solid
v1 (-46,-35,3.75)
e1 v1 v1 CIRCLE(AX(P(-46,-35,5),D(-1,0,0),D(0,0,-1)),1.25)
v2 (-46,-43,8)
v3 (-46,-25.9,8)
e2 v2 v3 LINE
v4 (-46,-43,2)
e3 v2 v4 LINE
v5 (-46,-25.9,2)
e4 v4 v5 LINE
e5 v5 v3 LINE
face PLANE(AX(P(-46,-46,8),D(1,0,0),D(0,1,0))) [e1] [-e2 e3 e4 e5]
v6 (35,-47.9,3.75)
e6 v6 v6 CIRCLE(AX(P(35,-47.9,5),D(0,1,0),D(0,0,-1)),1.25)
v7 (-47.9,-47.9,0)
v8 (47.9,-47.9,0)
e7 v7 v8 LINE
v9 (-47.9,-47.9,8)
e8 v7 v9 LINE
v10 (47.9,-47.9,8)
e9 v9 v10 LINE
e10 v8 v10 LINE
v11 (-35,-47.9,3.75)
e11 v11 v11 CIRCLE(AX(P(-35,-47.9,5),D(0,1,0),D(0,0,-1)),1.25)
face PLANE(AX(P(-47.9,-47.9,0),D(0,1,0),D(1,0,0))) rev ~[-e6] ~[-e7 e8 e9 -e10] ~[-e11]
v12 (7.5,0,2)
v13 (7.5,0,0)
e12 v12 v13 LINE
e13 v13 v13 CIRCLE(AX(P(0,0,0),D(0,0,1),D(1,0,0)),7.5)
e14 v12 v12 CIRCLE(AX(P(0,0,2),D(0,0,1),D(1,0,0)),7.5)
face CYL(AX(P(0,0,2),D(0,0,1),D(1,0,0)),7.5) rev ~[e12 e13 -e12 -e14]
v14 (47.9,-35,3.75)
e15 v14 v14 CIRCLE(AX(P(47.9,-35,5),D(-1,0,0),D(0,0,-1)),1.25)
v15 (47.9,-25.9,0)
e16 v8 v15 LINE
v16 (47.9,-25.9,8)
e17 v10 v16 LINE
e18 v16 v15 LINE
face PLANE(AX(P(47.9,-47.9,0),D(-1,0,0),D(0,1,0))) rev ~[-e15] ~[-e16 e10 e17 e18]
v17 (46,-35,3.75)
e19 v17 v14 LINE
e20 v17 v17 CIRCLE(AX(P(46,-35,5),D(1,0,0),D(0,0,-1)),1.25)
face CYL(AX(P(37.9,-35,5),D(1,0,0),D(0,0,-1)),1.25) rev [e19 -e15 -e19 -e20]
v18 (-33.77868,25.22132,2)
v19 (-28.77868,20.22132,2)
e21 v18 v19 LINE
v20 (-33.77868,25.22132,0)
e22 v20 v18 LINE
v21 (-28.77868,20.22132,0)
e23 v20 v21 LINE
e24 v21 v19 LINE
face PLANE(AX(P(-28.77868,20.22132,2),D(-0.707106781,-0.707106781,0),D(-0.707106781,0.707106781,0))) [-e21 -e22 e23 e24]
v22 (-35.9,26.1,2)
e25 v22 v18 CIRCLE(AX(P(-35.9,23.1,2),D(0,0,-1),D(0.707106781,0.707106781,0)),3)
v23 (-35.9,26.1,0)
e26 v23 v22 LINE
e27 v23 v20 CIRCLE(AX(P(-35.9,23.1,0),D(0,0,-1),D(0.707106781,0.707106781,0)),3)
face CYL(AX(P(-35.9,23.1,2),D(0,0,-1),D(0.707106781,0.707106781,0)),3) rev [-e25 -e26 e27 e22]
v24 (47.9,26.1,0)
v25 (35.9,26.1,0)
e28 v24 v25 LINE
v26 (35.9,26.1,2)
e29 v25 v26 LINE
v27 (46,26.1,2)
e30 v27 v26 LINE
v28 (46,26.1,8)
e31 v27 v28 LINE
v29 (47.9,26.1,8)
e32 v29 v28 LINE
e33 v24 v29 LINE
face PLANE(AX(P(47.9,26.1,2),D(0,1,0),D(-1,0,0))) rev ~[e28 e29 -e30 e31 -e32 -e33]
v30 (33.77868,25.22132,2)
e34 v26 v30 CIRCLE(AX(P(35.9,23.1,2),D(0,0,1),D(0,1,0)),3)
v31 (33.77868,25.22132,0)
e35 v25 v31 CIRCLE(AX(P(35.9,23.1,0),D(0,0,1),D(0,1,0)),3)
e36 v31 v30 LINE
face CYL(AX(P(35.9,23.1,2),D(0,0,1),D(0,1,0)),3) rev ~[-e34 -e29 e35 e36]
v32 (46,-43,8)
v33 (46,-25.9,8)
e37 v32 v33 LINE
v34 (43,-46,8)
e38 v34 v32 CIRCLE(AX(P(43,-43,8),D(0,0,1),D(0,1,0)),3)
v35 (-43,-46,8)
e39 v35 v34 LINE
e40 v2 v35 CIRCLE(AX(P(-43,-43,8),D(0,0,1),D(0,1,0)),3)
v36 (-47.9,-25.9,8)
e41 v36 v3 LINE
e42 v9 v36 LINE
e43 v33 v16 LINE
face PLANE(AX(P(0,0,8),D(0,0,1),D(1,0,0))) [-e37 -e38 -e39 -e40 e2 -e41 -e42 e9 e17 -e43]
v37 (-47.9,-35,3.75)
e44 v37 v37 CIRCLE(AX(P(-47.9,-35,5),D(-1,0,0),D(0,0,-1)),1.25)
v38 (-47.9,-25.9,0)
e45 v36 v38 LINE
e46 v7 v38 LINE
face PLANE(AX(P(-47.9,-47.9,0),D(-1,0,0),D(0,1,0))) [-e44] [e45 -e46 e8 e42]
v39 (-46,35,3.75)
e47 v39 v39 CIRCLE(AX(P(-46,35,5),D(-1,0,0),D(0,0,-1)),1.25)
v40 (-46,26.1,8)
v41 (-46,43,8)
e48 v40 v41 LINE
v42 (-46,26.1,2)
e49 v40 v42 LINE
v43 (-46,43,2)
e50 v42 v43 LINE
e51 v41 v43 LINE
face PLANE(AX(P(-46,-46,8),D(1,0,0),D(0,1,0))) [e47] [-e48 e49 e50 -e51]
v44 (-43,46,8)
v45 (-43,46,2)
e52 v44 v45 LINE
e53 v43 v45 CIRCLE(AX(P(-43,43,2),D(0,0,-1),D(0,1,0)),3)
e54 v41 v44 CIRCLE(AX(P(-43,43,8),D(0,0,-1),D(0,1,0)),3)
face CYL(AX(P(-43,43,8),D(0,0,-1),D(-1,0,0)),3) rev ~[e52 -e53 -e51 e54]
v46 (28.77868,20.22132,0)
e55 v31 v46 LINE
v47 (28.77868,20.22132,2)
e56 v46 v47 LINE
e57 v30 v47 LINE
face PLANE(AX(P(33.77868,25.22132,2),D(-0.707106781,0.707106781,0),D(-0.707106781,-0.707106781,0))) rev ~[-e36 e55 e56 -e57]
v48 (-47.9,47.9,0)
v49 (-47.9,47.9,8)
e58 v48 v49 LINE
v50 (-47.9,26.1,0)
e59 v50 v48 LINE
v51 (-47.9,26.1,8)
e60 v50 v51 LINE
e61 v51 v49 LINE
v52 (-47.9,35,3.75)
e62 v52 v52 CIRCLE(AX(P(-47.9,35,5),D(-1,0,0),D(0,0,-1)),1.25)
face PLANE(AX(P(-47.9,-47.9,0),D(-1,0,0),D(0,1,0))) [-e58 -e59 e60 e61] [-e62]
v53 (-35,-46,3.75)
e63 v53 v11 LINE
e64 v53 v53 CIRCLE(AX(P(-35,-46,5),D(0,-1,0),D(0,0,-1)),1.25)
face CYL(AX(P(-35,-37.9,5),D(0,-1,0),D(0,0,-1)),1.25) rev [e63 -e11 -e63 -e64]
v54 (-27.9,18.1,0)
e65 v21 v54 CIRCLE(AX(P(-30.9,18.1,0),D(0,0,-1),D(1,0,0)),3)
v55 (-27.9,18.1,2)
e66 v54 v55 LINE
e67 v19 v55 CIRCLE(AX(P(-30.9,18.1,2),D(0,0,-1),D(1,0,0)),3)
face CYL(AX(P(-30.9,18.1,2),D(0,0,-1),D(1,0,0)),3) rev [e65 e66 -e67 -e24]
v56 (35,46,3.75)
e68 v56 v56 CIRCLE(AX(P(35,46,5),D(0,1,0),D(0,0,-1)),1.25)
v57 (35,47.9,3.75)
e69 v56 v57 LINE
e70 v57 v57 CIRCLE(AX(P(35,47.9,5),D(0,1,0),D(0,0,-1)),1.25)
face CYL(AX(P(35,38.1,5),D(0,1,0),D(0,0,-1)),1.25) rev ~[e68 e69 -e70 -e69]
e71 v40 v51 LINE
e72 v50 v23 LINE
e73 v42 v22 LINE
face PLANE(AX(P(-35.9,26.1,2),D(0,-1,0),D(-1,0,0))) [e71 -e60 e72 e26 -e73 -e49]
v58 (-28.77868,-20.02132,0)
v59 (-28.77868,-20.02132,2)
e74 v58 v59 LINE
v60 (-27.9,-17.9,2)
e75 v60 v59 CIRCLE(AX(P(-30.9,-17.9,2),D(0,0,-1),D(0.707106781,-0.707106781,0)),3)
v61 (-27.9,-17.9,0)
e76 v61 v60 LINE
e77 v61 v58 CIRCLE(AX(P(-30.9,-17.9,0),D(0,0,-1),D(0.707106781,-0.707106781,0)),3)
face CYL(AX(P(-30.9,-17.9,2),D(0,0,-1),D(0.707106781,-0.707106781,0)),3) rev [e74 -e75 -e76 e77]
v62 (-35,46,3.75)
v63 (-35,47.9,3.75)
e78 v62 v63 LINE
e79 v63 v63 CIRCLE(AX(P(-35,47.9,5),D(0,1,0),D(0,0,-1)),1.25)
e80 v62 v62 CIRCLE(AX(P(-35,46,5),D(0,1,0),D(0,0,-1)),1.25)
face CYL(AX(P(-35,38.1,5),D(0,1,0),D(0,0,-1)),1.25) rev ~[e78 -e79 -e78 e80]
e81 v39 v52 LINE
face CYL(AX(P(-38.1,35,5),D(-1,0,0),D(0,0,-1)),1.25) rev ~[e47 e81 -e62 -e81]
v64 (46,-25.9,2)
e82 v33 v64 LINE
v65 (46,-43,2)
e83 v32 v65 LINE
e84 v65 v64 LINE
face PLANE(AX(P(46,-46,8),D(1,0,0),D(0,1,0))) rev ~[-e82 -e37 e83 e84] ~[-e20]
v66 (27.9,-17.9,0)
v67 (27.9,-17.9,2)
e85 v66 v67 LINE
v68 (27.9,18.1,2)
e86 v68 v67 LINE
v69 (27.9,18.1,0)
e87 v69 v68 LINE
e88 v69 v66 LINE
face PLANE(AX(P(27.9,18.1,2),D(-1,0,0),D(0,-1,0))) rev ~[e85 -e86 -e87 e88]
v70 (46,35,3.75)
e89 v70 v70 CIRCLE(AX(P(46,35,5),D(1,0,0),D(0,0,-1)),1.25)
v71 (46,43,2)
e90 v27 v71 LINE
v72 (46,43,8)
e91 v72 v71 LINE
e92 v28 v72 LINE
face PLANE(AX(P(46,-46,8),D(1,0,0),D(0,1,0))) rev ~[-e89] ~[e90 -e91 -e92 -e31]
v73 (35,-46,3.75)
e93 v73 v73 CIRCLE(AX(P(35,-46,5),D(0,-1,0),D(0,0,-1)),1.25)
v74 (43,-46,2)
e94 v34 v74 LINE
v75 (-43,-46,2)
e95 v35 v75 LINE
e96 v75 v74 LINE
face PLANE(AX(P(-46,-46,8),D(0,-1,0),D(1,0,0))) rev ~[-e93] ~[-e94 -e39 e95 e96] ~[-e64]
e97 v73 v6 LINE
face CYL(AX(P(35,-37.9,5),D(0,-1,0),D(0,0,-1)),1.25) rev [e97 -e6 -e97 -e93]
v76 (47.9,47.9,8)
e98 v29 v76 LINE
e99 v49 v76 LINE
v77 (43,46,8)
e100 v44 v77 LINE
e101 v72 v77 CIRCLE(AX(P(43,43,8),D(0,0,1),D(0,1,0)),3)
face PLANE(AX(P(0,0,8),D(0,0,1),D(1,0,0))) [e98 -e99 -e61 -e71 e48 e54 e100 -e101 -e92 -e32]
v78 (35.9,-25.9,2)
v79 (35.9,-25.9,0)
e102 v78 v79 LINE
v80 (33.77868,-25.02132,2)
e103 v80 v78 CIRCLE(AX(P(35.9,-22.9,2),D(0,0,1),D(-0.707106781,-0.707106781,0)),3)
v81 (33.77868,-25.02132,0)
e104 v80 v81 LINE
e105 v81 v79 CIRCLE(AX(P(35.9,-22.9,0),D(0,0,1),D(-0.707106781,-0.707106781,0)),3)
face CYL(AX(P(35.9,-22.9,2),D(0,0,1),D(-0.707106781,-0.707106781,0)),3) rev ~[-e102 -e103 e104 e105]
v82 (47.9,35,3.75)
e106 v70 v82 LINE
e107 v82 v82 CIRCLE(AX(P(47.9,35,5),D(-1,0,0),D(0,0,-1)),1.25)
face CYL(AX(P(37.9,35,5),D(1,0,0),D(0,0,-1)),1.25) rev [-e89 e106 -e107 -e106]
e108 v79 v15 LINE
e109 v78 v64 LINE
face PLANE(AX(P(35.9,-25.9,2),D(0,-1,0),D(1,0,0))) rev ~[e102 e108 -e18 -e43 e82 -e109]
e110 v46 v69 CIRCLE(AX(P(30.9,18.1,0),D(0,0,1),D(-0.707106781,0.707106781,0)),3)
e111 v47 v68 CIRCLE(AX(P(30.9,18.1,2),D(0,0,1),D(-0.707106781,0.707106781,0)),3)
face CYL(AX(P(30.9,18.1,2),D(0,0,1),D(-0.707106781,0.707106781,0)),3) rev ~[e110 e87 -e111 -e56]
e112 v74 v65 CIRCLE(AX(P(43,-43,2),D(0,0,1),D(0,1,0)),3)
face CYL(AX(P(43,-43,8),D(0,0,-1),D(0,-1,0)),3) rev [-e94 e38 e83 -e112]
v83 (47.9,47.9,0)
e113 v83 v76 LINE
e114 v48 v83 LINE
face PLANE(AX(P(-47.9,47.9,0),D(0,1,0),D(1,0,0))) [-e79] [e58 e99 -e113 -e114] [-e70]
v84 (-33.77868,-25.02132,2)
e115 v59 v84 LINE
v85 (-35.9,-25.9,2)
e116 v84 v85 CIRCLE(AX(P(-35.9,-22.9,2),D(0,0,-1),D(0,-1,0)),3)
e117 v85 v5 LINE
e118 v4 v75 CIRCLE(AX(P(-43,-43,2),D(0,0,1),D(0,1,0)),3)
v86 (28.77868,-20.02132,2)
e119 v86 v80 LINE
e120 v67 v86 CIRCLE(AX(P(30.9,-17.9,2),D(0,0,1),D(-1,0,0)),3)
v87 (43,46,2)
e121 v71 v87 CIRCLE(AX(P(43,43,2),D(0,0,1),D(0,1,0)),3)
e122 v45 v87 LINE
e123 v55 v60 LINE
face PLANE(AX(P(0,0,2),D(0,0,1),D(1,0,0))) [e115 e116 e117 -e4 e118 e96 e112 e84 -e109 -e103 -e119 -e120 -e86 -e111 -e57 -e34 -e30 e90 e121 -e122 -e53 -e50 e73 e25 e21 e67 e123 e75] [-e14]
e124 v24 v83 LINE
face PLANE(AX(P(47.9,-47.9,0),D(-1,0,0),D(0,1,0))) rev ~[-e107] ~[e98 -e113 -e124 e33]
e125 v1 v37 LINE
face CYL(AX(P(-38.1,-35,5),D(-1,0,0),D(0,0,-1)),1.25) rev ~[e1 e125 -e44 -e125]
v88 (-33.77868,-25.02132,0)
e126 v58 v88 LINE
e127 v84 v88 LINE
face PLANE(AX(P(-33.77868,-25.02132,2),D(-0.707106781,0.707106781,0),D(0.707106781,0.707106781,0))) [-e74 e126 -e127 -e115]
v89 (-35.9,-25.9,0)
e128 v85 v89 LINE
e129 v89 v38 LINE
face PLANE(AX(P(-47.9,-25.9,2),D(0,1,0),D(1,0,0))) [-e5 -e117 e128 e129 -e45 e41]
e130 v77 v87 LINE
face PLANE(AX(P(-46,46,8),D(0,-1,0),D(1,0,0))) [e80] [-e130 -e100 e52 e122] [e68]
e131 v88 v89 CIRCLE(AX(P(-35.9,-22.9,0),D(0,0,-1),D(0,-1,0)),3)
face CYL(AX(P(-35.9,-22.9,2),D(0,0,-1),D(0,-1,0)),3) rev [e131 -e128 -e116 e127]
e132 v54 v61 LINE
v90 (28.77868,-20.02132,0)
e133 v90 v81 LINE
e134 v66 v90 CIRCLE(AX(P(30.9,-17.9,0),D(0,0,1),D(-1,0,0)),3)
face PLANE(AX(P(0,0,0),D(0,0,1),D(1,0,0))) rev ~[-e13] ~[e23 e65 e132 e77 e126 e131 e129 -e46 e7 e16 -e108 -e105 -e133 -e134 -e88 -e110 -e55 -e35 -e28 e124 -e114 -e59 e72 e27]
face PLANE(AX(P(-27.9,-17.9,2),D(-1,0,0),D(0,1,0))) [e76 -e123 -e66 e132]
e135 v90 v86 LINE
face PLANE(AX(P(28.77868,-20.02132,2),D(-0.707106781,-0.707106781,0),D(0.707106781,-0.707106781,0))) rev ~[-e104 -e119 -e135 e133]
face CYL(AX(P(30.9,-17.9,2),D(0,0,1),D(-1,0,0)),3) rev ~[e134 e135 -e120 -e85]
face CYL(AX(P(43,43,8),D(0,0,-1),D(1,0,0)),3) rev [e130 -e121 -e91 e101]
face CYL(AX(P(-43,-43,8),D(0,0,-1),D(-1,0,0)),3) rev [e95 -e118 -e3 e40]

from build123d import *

# Parameters (mm, degrees)
SKETCH1_W                      = 95.8
SKETCH1_H                      = 95.8
BOSS_EXTRUDE1_DEPTH            = 8
SKETCH2_W                      = 92
SKETCH2_H                      = 92
COMPONENT_PLATFORM_DEPTH       = 6
CABLE_SLOTS_DEPTH              = 6
SKETCH4_R                      = 7.5
CENTER_MASS_CUT_DEPTH          = 6
INNER_CORNER_FILLETS_R         = 3
M3X0_5_TAPPED_HOLE1_AT_2_COUNT = 2
M3X0_5_TAPPED_HOLE1_AT_2_PITCH = 70
M3X0_5_TAPPED_HOLE2_AT_2_COUNT = 2
M3X0_5_TAPPED_HOLE2_AT_2_PITCH = 70


with BuildPart() as part:
    # Sketch1 → Boss-Extrude1 (new body)
    with BuildSketch(Plane.XY):
        Rectangle(SKETCH1_W, SKETCH1_H)
    extrude(amount=BOSS_EXTRUDE1_DEPTH)

    # Sketch2 → Component Platform (cut)
    with BuildSketch(Plane.XY.offset(8)):
        Rectangle(SKETCH2_W, SKETCH2_H)
    extrude(amount=-COMPONENT_PLATFORM_DEPTH, mode=Mode.SUBTRACT)

    # Sketch3 → Cable Slots (cut, symmetric)
    with BuildSketch(Plane.XY.offset(2)):
        with BuildLine():
            Line((-33.778679656, -25.021320344), (-28.778679656, -20.021320344))
            ThreePointArc((-28.778679656, -20.021320344), (-28.128361402, -19.048050297), (-27.9, -17.9))
            Line((-27.9, -17.9), (-27.9, 18.1))
            ThreePointArc((-27.9, 18.1), (-28.128361402, 19.248050297), (-28.778679656, 20.221320344))
            Line((-28.778679656, 20.221320344), (-33.778679656, 25.221320344))
            ThreePointArc((-33.778679656, 25.221320344), (-34.751949703, 25.871638598), (-35.9, 26.1))
            Line((-35.9, 26.1), (-47.9, 26.1))
            Line((-47.9, 26.1), (-47.9, -25.9))
            Line((-47.9, -25.9), (-35.9, -25.9))
            ThreePointArc((-35.9, -25.9), (-34.751949703, -25.671638598), (-33.778679656, -25.021320344))
        make_face()
        with BuildLine():
            Line((47.9, -25.9), (47.9, 26.1))
            Line((47.9, 26.1), (35.9, 26.1))
            ThreePointArc((35.9, 26.1), (34.751949703, 25.871638598), (33.778679656, 25.221320344))
            Line((33.778679656, 25.221320344), (28.778679656, 20.221320344))
            ThreePointArc((28.778679656, 20.221320344), (28.128361402, 19.248050297), (27.9, 18.1))
            Line((27.9, 18.1), (27.9, -17.9))
            ThreePointArc((27.9, -17.9), (28.128361402, -19.048050297), (28.778679656, -20.021320344))
            Line((28.778679656, -20.021320344), (33.778679656, -25.021320344))
            ThreePointArc((33.778679656, -25.021320344), (34.751949703, -25.671638598), (35.9, -25.9))
            Line((35.9, -25.9), (47.9, -25.9))
        make_face()
    extrude(amount=CABLE_SLOTS_DEPTH, both=True, mode=Mode.SUBTRACT)

    # Sketch4 → Center Mass Cut (cut)
    with BuildSketch(Plane.XY.offset(2)):
        Circle(SKETCH4_R)
    extrude(amount=-CENTER_MASS_CUT_DEPTH, mode=Mode.SUBTRACT)

    # Inner Corner Fillets
    inner_corner_fillets_edges = [part.edges().sort_by_distance(p)[0] for p in [
        (-46, -46, 5),
        (-46, 46, 5),
        (46, 46, 5),
        (46, -46, 5),
    ]]
    fillet(inner_corner_fillets_edges, radius=INNER_CORNER_FILLETS_R)

    # Sketch10 → M3x0.5 Tapped Hole1 (revolve, cut)
    with BuildSketch(Plane(origin=(47.9, -35, 5), x_dir=(0, 0, -1), z_dir=(0, 1, 0))):
        Polygon((0, 0), (0, 10.751075774), (1.25, 10), (1.25, 0), align=None)
    m3x0_5_tapped_hole1 = revolve(axis=Axis((54.25, -35, 5), (-1, 0, 0)), mode=Mode.SUBTRACT)

    # M3x0.5 Tapped Hole1 at 2: M3x0.5 Tapped Hole1 ×2
    with Locations(*[(0, i * M3X0_5_TAPPED_HOLE1_AT_2_PITCH, 0) for i in range(1, M3X0_5_TAPPED_HOLE1_AT_2_COUNT)]):
        add(m3x0_5_tapped_hole1, mode=Mode.SUBTRACT)

    # Sketch13 → M3x0.5 Tapped Hole2 (revolve, cut)
    with BuildSketch(Plane(origin=(-35, -47.9, 5), x_dir=(0, 0, -1), z_dir=(1, 0, 0))):
        Polygon((0, 0), (0, 10.751075774), (1.25, 10), (1.25, 0), align=None)
    m3x0_5_tapped_hole2 = revolve(axis=Axis((-35, -54.25, 5), (0, 1, 0)), mode=Mode.SUBTRACT)

    # M3x0.5 Tapped Hole2 at 2: M3x0.5 Tapped Hole2 ×2
    with Locations(*[(i * M3X0_5_TAPPED_HOLE2_AT_2_PITCH, 0, 0) for i in range(1, M3X0_5_TAPPED_HOLE2_AT_2_COUNT)]):
        add(m3x0_5_tapped_hole2, mode=Mode.SUBTRACT)

    # Mirror1: M3x0.5 Tapped Hole1 across plane
    add(m3x0_5_tapped_hole1.mirror(Plane(origin=(-0.1, 0, 0), x_dir=(0, 0, 1), z_dir=(1, 0, 0))), mode=Mode.SUBTRACT)

    # Mirror1 copy 1 sketch → Mirror1 copy 1 (revolve, cut)
    with BuildSketch(Plane(origin=(-48.1, 35, 5), x_dir=(0, 0, -1), z_dir=(0, 1, 0))):
        Polygon((0, 0), (0, -10.751075774), (1.25, -10), (1.25, 0), align=None)
    revolve(axis=Axis((-54.45, 35, 5), (-1, 0, 0)), mode=Mode.SUBTRACT)

    # Mirror2: M3x0.5 Tapped Hole2 across plane
    add(m3x0_5_tapped_hole2.mirror(Plane(origin=(0, 0.1, 0), x_dir=(0, 0, 1), z_dir=(0, -1, 0))), mode=Mode.SUBTRACT)

    # Mirror2 copy 1 sketch → Mirror2 copy 1 (revolve, cut)
    with BuildSketch(Plane(origin=(35, 48.1, 5), x_dir=(0, 0, -1), z_dir=(1, 0, 0))):
        Polygon((0, 0), (0, -10.751075774), (1.25, -10), (1.25, 0), align=None)
    revolve(axis=Axis((35, 54.45, 5), (0, 1, 0)), mode=Mode.SUBTRACT)


solid = part.part
